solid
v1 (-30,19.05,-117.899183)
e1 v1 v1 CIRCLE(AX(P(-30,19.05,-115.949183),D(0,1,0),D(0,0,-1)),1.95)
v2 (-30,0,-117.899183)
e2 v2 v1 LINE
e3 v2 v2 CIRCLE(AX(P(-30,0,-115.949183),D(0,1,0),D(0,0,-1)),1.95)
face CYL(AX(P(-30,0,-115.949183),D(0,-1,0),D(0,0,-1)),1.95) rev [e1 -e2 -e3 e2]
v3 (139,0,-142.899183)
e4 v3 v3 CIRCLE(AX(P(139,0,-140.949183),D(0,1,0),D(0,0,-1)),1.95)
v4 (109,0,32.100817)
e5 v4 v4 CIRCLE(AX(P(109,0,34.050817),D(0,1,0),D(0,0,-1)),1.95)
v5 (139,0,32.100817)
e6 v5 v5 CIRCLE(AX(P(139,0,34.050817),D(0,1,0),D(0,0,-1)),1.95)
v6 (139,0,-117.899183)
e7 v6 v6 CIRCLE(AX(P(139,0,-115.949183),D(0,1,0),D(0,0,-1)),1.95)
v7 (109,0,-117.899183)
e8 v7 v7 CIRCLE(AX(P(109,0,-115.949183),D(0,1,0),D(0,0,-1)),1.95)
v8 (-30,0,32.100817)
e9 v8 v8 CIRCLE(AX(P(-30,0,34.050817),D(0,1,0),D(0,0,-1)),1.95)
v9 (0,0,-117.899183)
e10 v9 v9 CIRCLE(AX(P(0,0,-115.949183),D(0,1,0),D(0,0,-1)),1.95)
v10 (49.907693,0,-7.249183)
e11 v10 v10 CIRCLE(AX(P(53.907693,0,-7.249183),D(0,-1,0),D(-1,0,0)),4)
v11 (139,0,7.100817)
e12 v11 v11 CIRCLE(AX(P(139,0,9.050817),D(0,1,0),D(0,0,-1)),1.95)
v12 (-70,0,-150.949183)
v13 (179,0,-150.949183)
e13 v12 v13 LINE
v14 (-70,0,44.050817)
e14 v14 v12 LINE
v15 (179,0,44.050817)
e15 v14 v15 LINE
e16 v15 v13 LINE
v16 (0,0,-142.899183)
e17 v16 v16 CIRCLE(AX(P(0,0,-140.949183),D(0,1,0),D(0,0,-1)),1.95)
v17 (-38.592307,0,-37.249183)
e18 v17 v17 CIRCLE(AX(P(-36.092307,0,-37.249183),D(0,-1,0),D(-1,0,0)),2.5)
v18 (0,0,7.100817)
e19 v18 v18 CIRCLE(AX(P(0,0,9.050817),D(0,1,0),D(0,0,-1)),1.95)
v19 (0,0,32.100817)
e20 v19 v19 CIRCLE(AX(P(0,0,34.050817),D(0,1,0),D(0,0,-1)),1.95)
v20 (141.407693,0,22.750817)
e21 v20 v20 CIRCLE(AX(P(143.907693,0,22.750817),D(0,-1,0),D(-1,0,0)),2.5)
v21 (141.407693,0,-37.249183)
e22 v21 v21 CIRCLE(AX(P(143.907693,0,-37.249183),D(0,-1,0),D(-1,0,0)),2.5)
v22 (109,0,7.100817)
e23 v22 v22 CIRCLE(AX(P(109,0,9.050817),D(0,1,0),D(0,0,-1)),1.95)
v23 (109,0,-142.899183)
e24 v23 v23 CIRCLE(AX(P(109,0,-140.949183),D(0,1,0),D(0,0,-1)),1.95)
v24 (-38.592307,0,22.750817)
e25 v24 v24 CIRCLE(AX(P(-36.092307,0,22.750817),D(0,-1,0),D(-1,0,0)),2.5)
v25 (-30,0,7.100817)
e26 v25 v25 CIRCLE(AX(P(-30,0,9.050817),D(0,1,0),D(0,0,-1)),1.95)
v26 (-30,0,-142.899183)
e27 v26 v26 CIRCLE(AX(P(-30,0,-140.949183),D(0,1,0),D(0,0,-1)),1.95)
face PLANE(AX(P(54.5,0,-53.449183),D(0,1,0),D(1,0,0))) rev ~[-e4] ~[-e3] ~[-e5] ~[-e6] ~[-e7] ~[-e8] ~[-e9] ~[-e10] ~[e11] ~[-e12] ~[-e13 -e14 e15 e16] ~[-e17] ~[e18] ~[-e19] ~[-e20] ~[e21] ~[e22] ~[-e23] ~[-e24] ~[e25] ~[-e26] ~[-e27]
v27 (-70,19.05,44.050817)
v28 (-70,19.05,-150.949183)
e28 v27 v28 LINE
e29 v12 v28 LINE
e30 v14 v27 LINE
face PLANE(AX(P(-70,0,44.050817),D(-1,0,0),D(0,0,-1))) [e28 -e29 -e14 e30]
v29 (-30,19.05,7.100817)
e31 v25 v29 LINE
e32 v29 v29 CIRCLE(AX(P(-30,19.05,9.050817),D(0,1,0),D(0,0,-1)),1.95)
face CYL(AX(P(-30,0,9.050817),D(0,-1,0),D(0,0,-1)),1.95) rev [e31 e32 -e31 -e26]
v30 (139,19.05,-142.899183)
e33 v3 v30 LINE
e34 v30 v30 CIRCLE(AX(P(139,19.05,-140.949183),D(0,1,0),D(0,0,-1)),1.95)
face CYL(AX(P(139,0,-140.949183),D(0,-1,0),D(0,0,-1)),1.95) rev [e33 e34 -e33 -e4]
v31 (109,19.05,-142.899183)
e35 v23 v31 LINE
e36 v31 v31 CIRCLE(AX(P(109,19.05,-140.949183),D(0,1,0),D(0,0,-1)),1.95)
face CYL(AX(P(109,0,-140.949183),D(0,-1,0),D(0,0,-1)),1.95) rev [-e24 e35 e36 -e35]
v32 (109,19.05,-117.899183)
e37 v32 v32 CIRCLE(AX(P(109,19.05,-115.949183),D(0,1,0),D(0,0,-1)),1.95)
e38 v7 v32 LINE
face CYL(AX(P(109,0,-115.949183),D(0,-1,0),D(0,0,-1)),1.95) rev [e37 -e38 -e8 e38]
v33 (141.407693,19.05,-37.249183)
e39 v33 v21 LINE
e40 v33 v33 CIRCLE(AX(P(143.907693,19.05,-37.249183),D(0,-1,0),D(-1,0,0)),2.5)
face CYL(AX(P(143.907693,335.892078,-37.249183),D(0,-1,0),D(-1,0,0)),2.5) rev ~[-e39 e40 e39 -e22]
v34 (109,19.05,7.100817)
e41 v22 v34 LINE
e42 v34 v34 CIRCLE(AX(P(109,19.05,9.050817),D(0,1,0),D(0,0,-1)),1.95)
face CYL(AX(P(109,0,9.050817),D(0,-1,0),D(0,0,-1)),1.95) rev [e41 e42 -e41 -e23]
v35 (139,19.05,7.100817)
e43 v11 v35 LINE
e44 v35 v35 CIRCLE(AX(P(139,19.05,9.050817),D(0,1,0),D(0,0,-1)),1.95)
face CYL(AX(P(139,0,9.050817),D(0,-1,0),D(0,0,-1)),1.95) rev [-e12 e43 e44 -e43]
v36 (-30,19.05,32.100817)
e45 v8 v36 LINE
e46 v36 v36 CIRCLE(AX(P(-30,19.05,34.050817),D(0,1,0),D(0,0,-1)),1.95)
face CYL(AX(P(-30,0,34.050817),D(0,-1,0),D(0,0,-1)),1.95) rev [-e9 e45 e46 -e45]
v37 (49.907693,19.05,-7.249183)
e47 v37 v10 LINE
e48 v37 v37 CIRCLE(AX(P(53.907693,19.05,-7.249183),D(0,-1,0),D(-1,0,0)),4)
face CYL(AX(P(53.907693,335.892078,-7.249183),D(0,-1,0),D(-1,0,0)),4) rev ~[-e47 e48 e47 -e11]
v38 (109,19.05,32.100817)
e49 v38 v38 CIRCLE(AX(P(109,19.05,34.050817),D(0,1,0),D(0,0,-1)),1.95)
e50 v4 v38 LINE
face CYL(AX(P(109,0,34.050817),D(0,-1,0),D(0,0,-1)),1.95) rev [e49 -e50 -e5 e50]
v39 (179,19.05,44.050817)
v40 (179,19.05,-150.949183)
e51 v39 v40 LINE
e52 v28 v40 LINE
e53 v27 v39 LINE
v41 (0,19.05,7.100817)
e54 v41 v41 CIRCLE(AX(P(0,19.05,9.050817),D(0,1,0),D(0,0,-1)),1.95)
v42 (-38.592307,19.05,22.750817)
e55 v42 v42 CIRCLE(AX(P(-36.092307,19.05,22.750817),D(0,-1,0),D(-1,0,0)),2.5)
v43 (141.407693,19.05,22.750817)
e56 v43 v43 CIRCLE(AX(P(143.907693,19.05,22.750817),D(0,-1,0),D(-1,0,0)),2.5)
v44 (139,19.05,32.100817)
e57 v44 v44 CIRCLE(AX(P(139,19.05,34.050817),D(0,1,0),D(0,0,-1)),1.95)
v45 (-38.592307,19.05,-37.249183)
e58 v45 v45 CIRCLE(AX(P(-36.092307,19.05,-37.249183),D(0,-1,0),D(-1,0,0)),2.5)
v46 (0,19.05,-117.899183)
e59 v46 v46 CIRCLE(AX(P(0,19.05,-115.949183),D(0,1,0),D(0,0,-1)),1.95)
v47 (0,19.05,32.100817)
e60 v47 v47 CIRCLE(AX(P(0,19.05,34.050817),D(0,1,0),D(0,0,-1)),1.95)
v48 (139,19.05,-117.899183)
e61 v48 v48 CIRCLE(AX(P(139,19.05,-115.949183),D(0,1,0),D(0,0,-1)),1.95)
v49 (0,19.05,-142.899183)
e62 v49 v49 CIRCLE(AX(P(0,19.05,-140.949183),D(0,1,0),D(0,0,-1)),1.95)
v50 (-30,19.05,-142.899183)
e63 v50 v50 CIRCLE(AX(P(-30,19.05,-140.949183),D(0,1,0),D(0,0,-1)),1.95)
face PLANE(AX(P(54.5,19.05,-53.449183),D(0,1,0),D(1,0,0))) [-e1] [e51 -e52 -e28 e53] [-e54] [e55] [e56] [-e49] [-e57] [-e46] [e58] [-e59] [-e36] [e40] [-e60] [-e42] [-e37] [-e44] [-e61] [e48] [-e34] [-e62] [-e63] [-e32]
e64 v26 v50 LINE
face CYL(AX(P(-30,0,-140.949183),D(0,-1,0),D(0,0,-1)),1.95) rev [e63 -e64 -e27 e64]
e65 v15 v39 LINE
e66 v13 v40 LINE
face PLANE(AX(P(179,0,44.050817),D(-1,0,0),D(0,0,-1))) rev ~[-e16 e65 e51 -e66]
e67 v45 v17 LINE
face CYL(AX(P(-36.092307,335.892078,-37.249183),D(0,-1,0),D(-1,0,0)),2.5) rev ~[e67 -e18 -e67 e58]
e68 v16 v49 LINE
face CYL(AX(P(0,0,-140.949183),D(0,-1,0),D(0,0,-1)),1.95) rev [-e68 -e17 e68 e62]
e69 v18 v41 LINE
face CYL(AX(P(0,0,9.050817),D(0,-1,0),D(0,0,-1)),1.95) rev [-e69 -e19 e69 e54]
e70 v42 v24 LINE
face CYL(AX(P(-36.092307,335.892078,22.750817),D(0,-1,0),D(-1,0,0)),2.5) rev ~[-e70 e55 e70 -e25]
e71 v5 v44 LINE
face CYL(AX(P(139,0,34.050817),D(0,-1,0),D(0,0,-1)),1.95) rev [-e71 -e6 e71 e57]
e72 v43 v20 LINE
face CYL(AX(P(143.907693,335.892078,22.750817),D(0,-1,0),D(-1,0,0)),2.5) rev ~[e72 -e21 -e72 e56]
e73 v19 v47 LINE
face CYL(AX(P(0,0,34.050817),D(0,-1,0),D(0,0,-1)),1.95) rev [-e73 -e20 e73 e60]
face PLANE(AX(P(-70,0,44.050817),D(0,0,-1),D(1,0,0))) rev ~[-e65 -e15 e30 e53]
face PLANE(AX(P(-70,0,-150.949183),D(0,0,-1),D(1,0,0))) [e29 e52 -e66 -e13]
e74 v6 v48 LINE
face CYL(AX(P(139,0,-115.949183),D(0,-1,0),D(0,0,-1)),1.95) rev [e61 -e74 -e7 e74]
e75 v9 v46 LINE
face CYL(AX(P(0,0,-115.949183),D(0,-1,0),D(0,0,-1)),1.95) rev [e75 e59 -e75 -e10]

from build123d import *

# Parameters (mm, degrees)
SKETCH1_W             = 249
SKETCH1_H             = 195
SKETCH1_R             = 1.95
BOSS_EXTRUDE1_DEPTH   = 19.05
M6X1_0_TAPPED_HOLE1_D = 5
F_8_0MM_DOWEL_HOLE1_D = 8


with BuildPart() as part:
    # Sketch1 → Boss-Extrude1 (new body)
    with BuildSketch(Plane(origin=(0, 0, 0), x_dir=(1, 0, 0), z_dir=(0, 1, 0))):
        with Locations((54.5, 53.449182879)):
            Rectangle(SKETCH1_W, SKETCH1_H)
        with Locations(Location((-30, -9.050817121, 0), (0, 0, 90))):
            Circle(SKETCH1_R, mode=Mode.SUBTRACT)
        with Locations(Location((0, -9.050817121, 0), (0, 0, 90))):
            Circle(SKETCH1_R, mode=Mode.SUBTRACT)
        with Locations(Location((0, -34.050817121, 0), (0, 0, 90))):
            Circle(SKETCH1_R, mode=Mode.SUBTRACT)
        with Locations(Location((-30, -34.050817121, 0), (0, 0, 90))):
            Circle(SKETCH1_R, mode=Mode.SUBTRACT)
        with Locations(Location((109, -34.050817121, 0), (0, 0, 90))):
            Circle(SKETCH1_R, mode=Mode.SUBTRACT)
        with Locations(Location((109, -9.050817121, 0), (0, 0, 90))):
            Circle(SKETCH1_R, mode=Mode.SUBTRACT)
        with Locations(Location((139, -9.050817121, 0), (0, 0, 90))):
            Circle(SKETCH1_R, mode=Mode.SUBTRACT)
        with Locations(Location((139, -34.050817121, 0), (0, 0, 90))):
            Circle(SKETCH1_R, mode=Mode.SUBTRACT)
        with Locations(Location((109, 115.949182879, 0), (0, 0, 90))):
            Circle(SKETCH1_R, mode=Mode.SUBTRACT)
        with Locations(Location((109, 140.949182879, 0), (0, 0, 90))):
            Circle(SKETCH1_R, mode=Mode.SUBTRACT)
        with Locations(Location((139, 140.949182879, 0), (0, 0, 90))):
            Circle(SKETCH1_R, mode=Mode.SUBTRACT)
        with Locations(Location((139, 115.949182879, 0), (0, 0, 90))):
            Circle(SKETCH1_R, mode=Mode.SUBTRACT)
        with Locations(Location((-30, 115.949182879, 0), (0, 0, 90))):
            Circle(SKETCH1_R, mode=Mode.SUBTRACT)
        with Locations(Location((-30, 140.949182879, 0), (0, 0, 90))):
            Circle(SKETCH1_R, mode=Mode.SUBTRACT)
        with Locations(Location((0, 140.949182879, 0), (0, 0, 90))):
            Circle(SKETCH1_R, mode=Mode.SUBTRACT)
        with Locations(Location((0, 115.949182879, 0), (0, 0, 90))):
            Circle(SKETCH1_R, mode=Mode.SUBTRACT)
    extrude(amount=BOSS_EXTRUDE1_DEPTH)

    # M6x1.0 Tapped Hole1 (through all)
    with Locations(Plane(origin=(0, 19.05, 0), x_dir=(1, 0, 0), z_dir=(0, 1, 0))):
        with Locations((-36.092306809, 37.249182879), (143.907693191, 37.249182879), (143.907693191, -22.750817121), (-36.092306809, -22.750817121)):
            Hole(M6X1_0_TAPPED_HOLE1_D / 2)

    # Ø8.0mm Dowel Hole1 (through all)
    with Locations(Plane(origin=(0, 19.05, 0), x_dir=(1, 0, 0), z_dir=(0, 1, 0))):
        with Locations((53.907693191, 7.249182879)):
            Hole(F_8_0MM_DOWEL_HOLE1_D / 2)


solid = part.part
